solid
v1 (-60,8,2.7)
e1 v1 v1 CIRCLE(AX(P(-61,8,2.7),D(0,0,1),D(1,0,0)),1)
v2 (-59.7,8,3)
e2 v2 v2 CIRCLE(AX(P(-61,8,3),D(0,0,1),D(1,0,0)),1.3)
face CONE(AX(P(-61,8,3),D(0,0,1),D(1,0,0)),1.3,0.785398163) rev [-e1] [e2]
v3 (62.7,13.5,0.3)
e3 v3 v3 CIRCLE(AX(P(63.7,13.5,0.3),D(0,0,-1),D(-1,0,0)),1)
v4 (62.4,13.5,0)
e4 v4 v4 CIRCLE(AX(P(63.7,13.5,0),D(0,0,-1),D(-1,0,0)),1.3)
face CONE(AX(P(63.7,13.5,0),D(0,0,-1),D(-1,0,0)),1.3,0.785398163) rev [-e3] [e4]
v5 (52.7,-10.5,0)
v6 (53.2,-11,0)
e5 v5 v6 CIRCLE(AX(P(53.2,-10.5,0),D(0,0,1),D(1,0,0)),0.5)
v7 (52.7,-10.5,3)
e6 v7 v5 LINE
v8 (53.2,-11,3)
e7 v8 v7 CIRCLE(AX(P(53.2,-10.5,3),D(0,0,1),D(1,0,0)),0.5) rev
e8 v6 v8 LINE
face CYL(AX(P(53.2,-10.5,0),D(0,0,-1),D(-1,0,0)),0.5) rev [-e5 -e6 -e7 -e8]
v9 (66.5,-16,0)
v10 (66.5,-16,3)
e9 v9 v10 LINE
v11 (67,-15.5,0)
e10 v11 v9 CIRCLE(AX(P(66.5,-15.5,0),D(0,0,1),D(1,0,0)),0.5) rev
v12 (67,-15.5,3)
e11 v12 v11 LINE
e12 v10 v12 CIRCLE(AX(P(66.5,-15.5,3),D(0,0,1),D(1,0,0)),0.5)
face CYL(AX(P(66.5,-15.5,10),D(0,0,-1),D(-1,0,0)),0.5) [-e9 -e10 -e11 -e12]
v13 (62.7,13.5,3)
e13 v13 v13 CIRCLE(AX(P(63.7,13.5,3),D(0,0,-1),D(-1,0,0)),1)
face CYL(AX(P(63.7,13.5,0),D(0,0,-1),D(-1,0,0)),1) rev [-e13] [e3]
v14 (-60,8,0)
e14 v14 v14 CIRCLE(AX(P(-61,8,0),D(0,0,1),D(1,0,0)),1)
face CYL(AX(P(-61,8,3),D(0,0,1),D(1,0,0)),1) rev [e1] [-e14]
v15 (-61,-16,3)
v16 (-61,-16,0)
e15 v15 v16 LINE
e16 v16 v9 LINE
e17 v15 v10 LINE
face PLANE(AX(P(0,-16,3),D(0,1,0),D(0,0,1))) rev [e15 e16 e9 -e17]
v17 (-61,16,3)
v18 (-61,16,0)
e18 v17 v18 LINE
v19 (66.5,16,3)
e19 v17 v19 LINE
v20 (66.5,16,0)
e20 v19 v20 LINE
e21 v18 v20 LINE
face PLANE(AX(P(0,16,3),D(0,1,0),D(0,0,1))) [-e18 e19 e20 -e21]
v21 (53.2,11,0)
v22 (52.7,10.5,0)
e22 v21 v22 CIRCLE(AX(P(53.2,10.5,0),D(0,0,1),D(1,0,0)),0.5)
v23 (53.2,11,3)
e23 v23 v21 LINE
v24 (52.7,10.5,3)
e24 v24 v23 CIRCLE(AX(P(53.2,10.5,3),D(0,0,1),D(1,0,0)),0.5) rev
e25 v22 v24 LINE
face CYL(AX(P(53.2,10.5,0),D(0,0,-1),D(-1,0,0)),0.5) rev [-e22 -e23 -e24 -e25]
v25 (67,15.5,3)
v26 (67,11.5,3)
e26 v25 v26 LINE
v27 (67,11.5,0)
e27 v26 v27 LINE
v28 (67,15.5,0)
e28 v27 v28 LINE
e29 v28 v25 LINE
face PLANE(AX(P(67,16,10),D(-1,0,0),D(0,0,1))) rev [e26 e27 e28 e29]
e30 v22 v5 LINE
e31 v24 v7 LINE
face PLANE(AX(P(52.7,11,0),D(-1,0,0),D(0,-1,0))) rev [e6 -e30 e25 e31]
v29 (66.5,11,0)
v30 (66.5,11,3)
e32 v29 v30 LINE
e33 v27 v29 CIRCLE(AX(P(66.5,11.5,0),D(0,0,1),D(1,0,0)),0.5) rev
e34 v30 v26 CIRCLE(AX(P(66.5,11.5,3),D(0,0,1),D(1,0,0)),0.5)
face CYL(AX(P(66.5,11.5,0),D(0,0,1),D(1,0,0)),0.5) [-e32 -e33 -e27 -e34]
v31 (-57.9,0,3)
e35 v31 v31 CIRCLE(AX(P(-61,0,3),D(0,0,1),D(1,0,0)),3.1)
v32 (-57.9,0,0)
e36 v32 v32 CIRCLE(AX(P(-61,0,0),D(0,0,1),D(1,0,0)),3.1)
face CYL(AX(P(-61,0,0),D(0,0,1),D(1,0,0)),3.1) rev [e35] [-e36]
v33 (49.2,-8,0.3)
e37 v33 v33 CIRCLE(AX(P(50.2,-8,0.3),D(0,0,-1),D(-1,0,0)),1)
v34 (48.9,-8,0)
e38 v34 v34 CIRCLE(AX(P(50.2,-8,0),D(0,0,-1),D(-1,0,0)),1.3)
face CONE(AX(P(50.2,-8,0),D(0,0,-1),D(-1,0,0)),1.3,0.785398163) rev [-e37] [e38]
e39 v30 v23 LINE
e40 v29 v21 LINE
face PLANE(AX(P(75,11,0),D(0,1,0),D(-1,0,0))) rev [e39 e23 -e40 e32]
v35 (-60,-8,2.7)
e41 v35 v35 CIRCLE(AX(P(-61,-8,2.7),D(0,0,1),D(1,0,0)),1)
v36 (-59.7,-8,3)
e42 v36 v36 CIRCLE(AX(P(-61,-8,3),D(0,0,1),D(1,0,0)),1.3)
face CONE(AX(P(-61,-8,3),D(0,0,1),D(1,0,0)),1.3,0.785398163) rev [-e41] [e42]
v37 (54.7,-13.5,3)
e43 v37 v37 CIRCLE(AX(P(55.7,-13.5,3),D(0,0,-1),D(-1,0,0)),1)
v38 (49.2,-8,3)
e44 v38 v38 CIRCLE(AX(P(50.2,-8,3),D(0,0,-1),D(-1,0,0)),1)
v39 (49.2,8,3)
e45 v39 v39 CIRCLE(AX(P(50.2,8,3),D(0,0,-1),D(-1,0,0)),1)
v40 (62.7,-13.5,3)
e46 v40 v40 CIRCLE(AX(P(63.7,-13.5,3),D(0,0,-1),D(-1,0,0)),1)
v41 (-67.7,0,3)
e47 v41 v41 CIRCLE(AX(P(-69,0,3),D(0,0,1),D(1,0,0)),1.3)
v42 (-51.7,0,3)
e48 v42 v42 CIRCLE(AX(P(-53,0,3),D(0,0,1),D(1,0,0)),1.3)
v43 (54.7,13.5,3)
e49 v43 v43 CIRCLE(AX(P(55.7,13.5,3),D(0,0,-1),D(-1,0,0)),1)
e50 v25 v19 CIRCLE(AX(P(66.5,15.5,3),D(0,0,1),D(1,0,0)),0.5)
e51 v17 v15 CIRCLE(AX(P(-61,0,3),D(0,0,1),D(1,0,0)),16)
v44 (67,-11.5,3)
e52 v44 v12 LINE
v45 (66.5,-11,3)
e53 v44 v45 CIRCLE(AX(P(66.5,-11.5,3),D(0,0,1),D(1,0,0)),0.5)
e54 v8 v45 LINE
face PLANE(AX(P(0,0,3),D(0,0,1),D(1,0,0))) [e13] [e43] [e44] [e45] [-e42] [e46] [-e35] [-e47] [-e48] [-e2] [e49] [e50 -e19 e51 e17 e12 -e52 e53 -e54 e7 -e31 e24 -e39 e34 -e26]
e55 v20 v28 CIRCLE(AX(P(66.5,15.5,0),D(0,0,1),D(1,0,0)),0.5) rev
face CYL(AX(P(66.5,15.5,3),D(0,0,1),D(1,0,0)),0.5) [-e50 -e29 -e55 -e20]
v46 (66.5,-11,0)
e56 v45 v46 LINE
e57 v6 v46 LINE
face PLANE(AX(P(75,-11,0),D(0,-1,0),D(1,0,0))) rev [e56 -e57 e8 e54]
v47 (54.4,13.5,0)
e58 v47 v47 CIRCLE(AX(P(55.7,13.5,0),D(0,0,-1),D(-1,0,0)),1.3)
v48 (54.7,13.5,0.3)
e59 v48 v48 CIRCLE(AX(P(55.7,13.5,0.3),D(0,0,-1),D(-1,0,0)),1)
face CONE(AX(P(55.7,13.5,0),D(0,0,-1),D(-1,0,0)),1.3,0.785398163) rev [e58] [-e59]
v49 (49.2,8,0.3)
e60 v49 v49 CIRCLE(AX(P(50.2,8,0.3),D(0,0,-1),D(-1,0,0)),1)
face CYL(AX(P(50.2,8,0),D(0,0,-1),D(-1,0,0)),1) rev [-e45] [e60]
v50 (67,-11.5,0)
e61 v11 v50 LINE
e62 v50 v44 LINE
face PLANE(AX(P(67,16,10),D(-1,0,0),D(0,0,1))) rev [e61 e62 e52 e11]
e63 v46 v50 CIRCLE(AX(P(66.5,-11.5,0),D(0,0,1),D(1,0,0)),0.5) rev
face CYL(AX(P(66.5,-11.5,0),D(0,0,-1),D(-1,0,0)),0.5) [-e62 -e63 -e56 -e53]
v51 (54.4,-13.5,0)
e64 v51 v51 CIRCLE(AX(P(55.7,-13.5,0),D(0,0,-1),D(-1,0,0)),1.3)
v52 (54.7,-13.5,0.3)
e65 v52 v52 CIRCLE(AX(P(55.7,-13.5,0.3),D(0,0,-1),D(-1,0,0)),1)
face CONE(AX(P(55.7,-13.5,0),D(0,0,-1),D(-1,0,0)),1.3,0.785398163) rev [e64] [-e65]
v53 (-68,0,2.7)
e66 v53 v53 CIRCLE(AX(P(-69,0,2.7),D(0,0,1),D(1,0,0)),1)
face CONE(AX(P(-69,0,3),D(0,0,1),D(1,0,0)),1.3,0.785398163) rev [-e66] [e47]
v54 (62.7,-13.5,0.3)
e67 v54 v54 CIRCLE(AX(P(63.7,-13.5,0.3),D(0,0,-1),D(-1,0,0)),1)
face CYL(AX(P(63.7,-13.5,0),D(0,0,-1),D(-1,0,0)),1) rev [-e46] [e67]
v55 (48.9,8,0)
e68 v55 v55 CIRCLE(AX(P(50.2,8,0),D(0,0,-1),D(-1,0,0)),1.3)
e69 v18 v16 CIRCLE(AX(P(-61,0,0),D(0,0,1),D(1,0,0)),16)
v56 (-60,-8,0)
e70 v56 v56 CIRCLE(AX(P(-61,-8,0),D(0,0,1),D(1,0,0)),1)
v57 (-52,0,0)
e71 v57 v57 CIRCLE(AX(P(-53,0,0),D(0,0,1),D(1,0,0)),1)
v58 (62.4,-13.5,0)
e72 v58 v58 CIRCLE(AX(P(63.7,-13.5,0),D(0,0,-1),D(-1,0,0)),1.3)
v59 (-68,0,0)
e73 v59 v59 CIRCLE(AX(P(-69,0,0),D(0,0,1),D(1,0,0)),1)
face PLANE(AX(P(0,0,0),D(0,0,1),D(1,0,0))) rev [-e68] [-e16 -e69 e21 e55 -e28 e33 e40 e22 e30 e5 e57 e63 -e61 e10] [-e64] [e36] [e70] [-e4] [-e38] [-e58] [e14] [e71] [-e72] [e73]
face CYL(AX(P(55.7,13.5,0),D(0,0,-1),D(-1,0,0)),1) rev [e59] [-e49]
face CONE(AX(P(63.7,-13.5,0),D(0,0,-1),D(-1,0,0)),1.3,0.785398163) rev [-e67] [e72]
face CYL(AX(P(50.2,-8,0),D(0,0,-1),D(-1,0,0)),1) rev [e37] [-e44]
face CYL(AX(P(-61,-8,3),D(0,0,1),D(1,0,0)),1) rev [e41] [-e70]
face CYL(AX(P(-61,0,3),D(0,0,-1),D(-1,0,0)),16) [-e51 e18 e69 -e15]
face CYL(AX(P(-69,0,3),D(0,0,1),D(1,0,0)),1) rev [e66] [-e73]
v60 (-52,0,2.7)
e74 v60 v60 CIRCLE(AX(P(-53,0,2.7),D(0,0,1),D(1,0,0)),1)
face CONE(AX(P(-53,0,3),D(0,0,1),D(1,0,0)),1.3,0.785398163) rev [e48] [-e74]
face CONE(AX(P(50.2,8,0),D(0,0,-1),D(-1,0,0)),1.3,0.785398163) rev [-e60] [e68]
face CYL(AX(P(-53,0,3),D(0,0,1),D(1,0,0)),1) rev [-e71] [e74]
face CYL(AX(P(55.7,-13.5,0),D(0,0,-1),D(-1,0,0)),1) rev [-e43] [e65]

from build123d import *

# Parameters (mm, degrees)
Y_KSEKLIK_EKSTR_ZYON1_DEPTH                    = 3
IZIM2_R                                        = 3.1
KES_EKSTR_ZYON1_DEPTH                          = 4
M2_D_Z_BA_L_MAKINE_VIDAS_IN_HAV_A1_D           = 2
M2_D_Z_BA_L_MAKINE_VIDAS_IN_HAV_A1_CSINK_D     = 2.6
M2_D_Z_BA_L_MAKINE_VIDAS_IN_HAV_A1_CSINK_ANGLE = 90
IZIM26_W                                       = 22.3
IZIM26_H                                       = 22
KES_EKSTR_ZYON4_DEPTH                          = 4
M2_D_Z_BA_L_MAKINE_VIDAS_IN_HAV_A2_D           = 2
M2_D_Z_BA_L_MAKINE_VIDAS_IN_HAV_A2_CSINK_D     = 2.6
M2_D_Z_BA_L_MAKINE_VIDAS_IN_HAV_A2_CSINK_ANGLE = 90
IZIM33_W                                       = 8
IZIM33_H                                       = 32
KES_EKSTR_ZYON5_DEPTH                          = 10
RADYUS1_R                                      = 0.5


with BuildPart() as part:
    # Çizim1 → Yükseklik-Ekstrüzyon1 (new body)
    with BuildSketch(Plane.XY):
        with BuildLine():
            ThreePointArc((-61, 16), (-77, 0), (-61, -16))
            Line((-61, -16), (75, -16))
            Line((75, -16), (75, 16))
            Line((75, 16), (-61, 16))
        make_face()
    extrude(amount=Y_KSEKLIK_EKSTR_ZYON1_DEPTH)

    # Çizim2 → Kes-Ekstrüzyon1 (cut, through all)
    with BuildSketch(Plane.XY.offset(3)):
        with Locations((-61, 0)):
            Circle(IZIM2_R)
    extrude(amount=-KES_EKSTR_ZYON1_DEPTH, mode=Mode.SUBTRACT)

    # M2 Düz Başlı Makine Vidası İçin Havşa1 (through all)
    with Locations(Plane(origin=(-61, 8, 3), x_dir=(1, 0, 0), z_dir=(0, 0, 1))):
        with Locations((0, 0), (8, -8), (0, -16), (-8, -8)):
            CounterSinkHole(M2_D_Z_BA_L_MAKINE_VIDAS_IN_HAV_A1_D / 2, M2_D_Z_BA_L_MAKINE_VIDAS_IN_HAV_A1_CSINK_D / 2, counter_sink_angle=M2_D_Z_BA_L_MAKINE_VIDAS_IN_HAV_A1_CSINK_ANGLE)

    # Çizim26 → Kes-Ekstrüzyon4 (cut, through all)
    with BuildSketch(Plane.XY.offset(3)):
        with Locations((63.85, 0)):
            Rectangle(IZIM26_W, IZIM26_H)
    extrude(amount=-KES_EKSTR_ZYON4_DEPTH, mode=Mode.SUBTRACT)

    # M2 Düz Başlı Makine Vidası İçin Havşa2 (through all)
    with Locations(Plane(origin=(71.7, 13.5, 0), x_dir=(-1, 0, 0), z_dir=(0, 0, -1))):
        with Locations((0, 0), (8, 0), (16, 0), (21.5, -5.5), (21.5, -21.5), (16, -27), (8, -27), (0, -27)):
            CounterSinkHole(M2_D_Z_BA_L_MAKINE_VIDAS_IN_HAV_A2_D / 2, M2_D_Z_BA_L_MAKINE_VIDAS_IN_HAV_A2_CSINK_D / 2, counter_sink_angle=M2_D_Z_BA_L_MAKINE_VIDAS_IN_HAV_A2_CSINK_ANGLE)

    # Çizim33 → Kes-Ekstrüzyon5 (cut)
    with BuildSketch(Plane(origin=(0, 0, 0), x_dir=(-1, 0, 0), z_dir=(0, 0, -1))):
        with Locations((-71, 0)):
            Rectangle(IZIM33_W, IZIM33_H)
    extrude(amount=-KES_EKSTR_ZYON5_DEPTH, mode=Mode.SUBTRACT)

    # Radyus1
    radyus1_edges = [part.edges().sort_by_distance(p)[0] for p in [
        (67, 11, 1.5),
        (67, -11, 1.5),
        (67, 16, 1.5),
        (67, -16, 1.5),
        (52.7, -11, 1.5),
        (52.7, 11, 1.5),
    ]]
    fillet(radyus1_edges, radius=RADYUS1_R)


solid = part.part
